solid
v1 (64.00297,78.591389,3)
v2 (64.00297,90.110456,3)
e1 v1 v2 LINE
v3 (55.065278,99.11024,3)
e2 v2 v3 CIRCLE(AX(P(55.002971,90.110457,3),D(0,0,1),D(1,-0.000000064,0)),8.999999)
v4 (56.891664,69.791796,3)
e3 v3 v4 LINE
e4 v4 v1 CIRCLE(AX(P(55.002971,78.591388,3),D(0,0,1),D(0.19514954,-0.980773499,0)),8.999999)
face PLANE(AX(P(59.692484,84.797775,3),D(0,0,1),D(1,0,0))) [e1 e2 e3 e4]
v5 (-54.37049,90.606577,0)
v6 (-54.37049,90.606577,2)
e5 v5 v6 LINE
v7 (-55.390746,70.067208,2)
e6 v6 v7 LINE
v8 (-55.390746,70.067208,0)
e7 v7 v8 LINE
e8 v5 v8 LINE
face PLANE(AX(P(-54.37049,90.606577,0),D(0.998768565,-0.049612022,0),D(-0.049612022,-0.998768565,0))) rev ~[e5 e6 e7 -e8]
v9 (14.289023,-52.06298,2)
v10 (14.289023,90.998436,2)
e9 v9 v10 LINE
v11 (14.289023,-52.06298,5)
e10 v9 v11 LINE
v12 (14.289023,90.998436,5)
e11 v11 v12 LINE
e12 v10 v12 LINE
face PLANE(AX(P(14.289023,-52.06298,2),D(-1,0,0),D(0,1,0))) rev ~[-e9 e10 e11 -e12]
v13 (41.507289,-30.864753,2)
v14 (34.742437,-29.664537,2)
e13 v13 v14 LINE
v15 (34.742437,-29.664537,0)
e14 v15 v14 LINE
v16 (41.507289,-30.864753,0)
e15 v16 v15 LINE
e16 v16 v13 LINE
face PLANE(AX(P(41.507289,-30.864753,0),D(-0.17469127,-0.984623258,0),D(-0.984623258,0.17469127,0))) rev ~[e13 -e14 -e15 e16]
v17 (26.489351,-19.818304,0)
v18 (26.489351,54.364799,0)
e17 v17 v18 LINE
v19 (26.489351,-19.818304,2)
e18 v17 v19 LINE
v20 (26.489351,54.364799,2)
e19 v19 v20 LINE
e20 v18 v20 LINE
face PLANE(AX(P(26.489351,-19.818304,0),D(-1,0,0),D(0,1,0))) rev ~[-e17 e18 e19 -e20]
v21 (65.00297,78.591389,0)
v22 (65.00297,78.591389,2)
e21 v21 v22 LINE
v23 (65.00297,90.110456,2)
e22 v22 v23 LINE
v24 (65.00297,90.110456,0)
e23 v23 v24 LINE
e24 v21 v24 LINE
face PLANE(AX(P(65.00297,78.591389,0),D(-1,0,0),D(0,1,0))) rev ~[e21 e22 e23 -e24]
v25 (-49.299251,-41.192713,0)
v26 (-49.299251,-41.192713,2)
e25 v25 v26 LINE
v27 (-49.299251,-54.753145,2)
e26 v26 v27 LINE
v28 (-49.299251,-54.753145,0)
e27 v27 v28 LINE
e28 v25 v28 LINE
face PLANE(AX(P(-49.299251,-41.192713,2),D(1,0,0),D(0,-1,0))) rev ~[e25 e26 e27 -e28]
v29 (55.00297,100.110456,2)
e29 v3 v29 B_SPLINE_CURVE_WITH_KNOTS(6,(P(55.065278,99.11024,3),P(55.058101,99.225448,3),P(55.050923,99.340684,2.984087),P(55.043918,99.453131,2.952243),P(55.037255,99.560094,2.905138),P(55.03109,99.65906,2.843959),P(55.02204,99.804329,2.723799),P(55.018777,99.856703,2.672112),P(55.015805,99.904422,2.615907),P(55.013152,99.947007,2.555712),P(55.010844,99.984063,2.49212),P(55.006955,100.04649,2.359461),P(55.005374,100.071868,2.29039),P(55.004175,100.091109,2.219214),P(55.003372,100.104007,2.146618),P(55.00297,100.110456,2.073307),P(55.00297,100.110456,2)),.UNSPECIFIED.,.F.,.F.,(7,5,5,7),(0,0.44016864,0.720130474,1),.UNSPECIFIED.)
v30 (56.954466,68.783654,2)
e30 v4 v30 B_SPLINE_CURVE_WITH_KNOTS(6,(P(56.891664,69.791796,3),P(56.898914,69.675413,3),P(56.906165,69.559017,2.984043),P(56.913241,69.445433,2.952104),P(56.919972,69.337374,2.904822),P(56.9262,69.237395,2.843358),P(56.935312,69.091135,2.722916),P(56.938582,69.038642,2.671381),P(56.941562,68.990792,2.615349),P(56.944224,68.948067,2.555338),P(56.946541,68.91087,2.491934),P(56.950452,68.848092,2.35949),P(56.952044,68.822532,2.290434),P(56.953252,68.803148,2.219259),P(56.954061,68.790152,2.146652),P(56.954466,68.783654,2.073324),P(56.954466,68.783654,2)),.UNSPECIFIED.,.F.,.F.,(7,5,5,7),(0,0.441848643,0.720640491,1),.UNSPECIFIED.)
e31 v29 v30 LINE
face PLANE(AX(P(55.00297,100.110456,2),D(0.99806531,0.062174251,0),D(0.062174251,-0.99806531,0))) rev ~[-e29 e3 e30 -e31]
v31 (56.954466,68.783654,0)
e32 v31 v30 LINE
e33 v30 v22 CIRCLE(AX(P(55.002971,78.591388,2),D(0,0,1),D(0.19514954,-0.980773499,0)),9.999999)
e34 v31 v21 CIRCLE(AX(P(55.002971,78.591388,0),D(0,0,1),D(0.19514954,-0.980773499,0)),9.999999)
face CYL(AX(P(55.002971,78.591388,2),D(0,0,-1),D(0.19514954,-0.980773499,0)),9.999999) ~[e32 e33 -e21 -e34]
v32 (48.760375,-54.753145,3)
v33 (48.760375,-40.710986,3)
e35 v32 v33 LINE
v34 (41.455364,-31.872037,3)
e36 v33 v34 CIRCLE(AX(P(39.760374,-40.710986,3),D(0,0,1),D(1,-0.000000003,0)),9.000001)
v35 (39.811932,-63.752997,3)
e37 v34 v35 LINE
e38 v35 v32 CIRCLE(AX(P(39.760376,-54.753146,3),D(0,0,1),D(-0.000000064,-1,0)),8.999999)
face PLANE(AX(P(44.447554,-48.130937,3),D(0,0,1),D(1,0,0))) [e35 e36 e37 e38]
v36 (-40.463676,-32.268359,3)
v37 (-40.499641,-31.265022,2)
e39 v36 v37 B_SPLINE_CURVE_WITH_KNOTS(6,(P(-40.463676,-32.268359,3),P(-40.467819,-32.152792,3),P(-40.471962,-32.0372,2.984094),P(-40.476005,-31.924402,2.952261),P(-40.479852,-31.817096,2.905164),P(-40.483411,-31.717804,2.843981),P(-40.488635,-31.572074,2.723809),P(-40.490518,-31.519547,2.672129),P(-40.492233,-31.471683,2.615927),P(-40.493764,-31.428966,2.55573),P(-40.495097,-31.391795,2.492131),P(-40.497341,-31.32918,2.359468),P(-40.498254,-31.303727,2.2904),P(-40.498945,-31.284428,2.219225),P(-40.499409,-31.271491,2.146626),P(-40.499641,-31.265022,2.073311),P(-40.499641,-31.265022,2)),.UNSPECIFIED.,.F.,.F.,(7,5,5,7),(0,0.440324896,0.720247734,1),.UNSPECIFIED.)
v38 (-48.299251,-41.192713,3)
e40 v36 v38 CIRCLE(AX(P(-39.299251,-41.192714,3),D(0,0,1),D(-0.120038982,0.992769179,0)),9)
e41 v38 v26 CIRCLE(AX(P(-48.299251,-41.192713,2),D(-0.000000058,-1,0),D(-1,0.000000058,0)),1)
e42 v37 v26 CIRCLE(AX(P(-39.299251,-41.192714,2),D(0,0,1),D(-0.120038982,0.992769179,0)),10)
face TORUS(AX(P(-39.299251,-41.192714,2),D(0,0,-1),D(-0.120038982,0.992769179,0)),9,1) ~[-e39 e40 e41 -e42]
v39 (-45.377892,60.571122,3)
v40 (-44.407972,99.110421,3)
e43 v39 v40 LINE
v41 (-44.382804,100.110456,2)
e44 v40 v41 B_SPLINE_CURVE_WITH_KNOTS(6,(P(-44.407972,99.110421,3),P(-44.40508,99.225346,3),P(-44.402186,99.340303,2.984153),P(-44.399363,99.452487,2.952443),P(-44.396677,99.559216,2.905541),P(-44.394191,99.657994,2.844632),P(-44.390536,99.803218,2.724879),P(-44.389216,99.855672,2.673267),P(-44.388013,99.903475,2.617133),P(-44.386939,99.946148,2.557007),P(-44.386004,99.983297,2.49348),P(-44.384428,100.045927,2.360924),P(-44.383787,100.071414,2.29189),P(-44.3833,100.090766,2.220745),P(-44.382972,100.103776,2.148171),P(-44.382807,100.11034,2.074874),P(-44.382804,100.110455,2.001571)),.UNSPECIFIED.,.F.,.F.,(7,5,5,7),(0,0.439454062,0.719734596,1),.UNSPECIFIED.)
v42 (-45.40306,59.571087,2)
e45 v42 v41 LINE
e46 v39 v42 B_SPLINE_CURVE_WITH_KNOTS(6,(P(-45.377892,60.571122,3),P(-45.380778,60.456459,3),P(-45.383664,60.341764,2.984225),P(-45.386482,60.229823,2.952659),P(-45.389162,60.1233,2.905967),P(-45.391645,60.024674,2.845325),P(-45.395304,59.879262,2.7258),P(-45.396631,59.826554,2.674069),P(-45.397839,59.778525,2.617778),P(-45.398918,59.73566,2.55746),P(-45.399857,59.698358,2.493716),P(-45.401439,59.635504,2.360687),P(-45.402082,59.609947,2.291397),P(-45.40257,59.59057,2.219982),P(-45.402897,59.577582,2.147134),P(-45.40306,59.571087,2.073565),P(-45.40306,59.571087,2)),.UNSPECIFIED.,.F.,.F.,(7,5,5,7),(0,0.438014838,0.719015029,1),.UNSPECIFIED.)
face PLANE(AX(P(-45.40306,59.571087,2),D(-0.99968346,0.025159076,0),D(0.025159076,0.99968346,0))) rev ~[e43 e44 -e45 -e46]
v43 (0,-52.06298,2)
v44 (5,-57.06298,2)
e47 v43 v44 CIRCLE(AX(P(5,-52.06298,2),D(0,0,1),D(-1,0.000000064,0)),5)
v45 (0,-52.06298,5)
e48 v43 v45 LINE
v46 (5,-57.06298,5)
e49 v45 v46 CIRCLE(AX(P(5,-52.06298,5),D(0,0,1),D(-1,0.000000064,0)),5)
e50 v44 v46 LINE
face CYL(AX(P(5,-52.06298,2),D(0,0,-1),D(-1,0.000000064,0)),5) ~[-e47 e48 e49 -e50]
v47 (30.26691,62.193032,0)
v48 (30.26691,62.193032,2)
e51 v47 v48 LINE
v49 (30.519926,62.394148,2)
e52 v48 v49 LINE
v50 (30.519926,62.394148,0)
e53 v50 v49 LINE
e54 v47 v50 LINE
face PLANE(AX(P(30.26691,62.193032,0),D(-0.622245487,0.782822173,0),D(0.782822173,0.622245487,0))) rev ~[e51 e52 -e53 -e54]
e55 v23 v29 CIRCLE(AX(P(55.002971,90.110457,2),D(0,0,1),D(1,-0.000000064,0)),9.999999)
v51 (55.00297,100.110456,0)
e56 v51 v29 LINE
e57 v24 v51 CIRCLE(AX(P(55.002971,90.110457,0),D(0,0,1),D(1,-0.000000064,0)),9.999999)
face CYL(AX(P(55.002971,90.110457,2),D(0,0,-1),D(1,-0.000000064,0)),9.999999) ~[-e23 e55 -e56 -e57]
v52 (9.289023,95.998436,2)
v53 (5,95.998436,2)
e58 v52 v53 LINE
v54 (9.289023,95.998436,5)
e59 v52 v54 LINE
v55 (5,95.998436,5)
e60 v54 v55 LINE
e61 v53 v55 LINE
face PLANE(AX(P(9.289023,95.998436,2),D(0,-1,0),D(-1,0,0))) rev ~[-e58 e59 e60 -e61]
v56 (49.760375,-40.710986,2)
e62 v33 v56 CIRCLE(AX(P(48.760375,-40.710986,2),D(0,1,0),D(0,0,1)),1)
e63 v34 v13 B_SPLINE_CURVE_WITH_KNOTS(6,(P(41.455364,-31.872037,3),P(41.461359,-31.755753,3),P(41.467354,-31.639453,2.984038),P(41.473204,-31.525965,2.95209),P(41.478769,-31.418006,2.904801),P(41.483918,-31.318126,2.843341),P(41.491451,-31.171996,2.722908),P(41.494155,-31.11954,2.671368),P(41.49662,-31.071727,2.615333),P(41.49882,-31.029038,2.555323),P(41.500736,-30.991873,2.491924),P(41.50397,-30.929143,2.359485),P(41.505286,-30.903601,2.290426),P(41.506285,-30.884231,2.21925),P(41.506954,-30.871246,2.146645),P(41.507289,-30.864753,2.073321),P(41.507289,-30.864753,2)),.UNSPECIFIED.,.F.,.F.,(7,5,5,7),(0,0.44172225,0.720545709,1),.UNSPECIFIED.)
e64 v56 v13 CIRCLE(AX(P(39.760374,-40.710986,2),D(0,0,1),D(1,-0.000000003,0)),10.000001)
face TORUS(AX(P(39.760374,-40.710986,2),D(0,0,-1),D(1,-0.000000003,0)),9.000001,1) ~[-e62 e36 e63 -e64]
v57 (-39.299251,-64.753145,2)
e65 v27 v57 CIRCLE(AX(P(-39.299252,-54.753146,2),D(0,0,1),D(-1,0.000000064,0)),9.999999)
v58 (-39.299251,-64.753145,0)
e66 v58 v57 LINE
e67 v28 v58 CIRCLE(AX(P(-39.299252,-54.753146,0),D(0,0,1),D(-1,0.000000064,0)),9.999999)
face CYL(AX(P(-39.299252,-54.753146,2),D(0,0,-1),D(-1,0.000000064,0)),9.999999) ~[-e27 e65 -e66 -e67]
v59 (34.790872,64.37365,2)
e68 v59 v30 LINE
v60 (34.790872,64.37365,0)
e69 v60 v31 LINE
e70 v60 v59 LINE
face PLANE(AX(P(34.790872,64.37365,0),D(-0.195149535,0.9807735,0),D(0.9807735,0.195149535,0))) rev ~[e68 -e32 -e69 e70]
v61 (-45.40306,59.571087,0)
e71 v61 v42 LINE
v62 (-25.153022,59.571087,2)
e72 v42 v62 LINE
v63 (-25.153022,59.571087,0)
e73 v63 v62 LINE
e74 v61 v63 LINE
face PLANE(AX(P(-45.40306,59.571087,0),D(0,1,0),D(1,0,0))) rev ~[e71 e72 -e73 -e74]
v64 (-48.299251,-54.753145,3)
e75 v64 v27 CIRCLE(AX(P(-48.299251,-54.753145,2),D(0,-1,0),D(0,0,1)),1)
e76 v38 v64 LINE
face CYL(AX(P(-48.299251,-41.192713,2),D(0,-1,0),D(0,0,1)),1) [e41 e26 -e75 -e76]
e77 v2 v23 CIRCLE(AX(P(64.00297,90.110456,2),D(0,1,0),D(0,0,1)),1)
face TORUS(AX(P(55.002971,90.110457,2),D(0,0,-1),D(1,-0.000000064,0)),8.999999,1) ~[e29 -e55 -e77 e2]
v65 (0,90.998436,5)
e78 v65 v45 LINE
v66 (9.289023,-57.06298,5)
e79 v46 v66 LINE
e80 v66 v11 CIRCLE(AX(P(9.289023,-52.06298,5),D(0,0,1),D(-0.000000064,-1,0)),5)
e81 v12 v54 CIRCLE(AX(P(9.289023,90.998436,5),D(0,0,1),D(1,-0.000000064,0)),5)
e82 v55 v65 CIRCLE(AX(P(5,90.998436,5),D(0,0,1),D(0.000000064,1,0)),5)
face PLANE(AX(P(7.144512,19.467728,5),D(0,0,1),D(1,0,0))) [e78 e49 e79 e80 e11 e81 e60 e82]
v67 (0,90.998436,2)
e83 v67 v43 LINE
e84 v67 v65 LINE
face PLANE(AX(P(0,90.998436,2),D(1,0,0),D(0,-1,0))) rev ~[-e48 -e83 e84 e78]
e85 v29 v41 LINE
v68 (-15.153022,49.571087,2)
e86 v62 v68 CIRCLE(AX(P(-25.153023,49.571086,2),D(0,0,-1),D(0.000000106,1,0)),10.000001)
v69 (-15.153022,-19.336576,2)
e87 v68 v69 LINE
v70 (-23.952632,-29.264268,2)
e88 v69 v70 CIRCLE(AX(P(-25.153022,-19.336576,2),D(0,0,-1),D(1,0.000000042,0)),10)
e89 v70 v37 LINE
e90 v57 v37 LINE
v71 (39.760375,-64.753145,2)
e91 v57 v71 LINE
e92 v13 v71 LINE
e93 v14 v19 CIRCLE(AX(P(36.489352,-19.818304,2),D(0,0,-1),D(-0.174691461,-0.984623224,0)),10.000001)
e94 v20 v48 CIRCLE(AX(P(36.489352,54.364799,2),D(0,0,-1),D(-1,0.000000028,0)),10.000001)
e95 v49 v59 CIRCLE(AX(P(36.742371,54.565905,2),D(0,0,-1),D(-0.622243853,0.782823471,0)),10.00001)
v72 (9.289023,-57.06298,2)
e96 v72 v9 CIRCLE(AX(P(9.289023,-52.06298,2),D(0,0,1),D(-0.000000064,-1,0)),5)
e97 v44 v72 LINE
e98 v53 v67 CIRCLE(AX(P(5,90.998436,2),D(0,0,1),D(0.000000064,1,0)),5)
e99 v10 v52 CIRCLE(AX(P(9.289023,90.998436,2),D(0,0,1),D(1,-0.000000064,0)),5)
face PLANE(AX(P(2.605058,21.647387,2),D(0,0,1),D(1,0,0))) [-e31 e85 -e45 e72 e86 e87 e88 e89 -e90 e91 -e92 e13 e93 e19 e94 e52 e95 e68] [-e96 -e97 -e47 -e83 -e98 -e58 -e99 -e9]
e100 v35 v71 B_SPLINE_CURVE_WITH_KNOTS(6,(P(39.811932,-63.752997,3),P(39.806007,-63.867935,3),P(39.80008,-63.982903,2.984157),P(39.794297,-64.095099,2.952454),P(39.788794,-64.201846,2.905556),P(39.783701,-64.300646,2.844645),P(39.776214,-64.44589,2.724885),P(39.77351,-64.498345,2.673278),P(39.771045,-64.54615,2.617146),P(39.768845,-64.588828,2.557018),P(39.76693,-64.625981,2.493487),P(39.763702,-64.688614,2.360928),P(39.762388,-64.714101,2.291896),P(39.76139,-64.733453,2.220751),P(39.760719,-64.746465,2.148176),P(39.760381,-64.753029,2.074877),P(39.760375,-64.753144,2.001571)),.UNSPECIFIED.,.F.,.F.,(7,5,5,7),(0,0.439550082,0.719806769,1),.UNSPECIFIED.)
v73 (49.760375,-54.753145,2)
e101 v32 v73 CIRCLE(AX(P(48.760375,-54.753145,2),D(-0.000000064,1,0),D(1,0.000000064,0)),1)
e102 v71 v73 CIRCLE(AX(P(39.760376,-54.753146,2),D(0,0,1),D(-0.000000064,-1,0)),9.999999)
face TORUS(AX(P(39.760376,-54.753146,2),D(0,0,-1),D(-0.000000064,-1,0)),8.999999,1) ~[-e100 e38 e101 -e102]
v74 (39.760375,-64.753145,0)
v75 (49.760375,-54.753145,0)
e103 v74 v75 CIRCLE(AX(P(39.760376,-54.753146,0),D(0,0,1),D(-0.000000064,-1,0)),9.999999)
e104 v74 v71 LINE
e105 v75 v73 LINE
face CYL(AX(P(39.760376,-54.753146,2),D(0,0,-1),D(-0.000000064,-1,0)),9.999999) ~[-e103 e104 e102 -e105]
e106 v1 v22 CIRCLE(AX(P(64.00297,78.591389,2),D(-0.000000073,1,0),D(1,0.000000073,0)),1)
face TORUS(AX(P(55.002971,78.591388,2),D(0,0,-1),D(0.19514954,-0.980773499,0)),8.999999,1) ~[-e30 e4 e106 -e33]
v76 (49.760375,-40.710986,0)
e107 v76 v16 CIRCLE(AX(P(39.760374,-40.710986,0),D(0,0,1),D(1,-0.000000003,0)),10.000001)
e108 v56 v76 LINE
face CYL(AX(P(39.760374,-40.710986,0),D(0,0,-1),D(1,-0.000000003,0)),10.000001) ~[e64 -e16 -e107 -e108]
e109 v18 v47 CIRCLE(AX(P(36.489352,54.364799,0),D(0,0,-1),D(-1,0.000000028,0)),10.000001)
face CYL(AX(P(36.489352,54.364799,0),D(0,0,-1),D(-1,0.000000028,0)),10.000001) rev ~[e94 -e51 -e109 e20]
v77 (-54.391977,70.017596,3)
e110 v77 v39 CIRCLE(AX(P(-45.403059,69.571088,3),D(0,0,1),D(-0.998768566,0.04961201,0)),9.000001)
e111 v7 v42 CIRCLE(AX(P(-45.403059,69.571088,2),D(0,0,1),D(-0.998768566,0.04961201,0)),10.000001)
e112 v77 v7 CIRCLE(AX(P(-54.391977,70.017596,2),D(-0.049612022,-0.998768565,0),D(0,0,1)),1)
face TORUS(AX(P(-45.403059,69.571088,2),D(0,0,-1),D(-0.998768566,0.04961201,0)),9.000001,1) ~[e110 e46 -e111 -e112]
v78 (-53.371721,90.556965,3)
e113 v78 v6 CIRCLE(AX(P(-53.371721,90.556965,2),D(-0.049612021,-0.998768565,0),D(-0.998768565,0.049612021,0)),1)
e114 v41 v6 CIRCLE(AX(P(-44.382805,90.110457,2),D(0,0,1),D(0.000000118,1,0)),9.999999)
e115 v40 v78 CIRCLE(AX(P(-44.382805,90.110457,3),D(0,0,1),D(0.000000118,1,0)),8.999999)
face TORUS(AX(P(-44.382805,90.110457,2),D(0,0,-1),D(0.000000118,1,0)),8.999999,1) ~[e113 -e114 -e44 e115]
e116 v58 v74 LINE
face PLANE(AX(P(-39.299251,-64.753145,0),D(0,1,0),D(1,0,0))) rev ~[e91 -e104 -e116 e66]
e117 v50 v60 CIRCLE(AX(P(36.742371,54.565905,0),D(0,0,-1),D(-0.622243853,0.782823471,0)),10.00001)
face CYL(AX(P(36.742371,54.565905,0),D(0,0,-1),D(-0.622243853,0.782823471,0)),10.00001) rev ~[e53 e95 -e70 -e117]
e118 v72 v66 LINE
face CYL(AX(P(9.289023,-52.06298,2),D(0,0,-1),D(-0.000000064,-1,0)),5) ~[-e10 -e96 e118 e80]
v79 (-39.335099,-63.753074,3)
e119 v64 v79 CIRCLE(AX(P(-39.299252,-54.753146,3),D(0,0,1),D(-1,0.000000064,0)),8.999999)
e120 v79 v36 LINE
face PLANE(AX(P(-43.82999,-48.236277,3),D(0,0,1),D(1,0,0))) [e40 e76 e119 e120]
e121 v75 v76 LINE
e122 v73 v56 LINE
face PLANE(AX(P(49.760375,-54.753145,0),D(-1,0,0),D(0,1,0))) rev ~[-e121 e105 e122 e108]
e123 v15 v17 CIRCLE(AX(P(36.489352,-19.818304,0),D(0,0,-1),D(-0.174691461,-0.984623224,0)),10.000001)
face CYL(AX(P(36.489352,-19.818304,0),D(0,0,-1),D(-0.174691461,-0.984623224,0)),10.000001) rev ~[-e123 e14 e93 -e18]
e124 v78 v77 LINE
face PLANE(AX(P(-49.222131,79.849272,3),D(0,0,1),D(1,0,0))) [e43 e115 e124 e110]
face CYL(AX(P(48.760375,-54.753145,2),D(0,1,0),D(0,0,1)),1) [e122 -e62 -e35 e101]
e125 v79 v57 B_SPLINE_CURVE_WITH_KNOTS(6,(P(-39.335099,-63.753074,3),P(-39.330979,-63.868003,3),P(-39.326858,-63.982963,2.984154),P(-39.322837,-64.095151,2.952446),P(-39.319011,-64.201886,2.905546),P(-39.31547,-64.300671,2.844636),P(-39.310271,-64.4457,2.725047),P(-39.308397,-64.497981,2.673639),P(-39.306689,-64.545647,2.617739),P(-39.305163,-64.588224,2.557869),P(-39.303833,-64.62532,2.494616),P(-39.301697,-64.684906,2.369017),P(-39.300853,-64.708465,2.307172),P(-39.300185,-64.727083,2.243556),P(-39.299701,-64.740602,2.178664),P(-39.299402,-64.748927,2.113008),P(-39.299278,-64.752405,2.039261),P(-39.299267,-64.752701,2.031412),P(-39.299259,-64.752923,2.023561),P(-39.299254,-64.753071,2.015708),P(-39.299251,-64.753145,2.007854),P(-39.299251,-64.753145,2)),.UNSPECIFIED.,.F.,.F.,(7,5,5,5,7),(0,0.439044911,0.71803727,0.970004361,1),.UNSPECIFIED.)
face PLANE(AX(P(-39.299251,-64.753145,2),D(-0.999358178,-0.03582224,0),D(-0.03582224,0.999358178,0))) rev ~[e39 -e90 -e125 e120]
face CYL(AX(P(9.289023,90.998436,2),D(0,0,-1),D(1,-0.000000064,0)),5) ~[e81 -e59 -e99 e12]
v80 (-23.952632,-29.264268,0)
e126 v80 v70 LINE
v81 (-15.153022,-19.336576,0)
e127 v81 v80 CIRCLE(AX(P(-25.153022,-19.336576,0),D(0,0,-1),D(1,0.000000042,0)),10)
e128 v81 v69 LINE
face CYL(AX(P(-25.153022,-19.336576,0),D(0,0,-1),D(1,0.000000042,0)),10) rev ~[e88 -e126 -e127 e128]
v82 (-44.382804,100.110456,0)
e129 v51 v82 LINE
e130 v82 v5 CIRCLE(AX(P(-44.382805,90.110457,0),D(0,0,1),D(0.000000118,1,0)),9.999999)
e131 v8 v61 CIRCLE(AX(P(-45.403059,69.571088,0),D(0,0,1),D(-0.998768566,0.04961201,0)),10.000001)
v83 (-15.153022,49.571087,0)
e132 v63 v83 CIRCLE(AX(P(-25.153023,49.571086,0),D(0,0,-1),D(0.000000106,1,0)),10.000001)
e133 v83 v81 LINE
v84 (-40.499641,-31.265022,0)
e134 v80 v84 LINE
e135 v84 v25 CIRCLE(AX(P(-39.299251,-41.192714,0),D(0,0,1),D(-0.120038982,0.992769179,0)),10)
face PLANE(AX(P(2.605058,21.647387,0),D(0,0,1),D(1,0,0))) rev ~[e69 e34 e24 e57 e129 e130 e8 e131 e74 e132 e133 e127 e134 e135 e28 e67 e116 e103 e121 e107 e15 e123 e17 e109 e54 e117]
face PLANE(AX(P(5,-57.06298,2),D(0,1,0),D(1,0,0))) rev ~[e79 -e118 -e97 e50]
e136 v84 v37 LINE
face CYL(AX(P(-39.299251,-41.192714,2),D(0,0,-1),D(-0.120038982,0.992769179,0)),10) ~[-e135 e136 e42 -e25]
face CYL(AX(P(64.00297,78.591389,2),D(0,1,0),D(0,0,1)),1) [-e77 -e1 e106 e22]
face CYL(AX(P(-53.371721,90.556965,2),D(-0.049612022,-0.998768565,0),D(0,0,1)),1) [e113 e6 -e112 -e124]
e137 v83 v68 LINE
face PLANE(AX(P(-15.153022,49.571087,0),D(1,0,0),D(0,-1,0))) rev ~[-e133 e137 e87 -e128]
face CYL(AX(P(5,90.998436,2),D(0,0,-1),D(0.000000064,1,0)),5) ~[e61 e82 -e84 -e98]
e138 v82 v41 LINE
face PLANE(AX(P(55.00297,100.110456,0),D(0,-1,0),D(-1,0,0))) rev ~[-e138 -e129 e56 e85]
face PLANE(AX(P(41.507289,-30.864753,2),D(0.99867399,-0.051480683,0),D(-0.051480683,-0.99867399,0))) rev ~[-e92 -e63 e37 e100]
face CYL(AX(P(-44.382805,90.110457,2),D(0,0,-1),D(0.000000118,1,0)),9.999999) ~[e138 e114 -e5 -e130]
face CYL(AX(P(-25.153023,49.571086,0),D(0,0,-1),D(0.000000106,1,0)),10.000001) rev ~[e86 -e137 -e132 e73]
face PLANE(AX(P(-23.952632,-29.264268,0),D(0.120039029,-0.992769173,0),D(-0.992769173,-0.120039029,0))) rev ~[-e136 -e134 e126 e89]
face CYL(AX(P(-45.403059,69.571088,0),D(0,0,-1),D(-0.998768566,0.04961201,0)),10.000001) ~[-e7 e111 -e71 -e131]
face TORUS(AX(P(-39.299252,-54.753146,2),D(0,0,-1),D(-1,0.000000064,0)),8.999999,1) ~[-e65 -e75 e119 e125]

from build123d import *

# Parameters (mm, degrees)
F1_DEPTH = 2
F3_DEPTH = 3
F5_DEPTH = 1
F6_R     = 1


with BuildPart() as f1:
    # F0 (on Top) → F1 (new body)
    with BuildSketch(Plane.XY):
        with BuildLine():
            Line((55.00297, 100.110456), (-44.382804, 100.110456))
            ThreePointArc((-44.382804, 100.110456), (-51.276236, 97.354806), (-54.37049, 90.606577))
            Line((-54.37049, 90.606577), (-55.390746, 70.067208))
            ThreePointArc((-55.390746, 70.067208), (-52.64741, 62.677656), (-45.40306, 59.571087))
            Line((-45.40306, 59.571087), (-25.153022, 59.571087))
            ThreePointArc((-25.153022, 59.571087), (-18.081955, 56.642155), (-15.153022, 49.571087))
            Line((-15.153022, 49.571087), (-15.153022, -19.336576))
            ThreePointArc((-15.153022, -19.336576), (-17.669577, -25.969679), (-23.952632, -29.264268))
            Line((-23.952632, -29.264268), (-40.499641, -31.265022))
            ThreePointArc((-40.499641, -31.265022), (-46.782696, -34.559611), (-49.299251, -41.192713))
            Line((-49.299251, -41.192713), (-49.299251, -54.753145))
            ThreePointArc((-49.299251, -54.753145), (-46.370319, -61.824213), (-39.299251, -64.753145))
            Line((-39.299251, -64.753145), (39.760375, -64.753145))
            ThreePointArc((39.760375, -64.753145), (46.831443, -61.824213), (49.760375, -54.753145))
            Line((49.760375, -54.753145), (49.760375, -40.710986))
            ThreePointArc((49.760375, -40.710986), (47.424223, -34.287168), (41.507289, -30.864753))
            Line((41.507289, -30.864753), (34.742437, -29.664537))
            ThreePointArc((34.742437, -29.664537), (28.825503, -26.242122), (26.489351, -19.818304))
            Line((26.489351, -19.818304), (26.489351, 54.364799))
            ThreePointArc((26.489351, 54.364799), (27.48312, 58.710809), (30.26691, 62.193032))
            Line((30.26691, 62.193032), (30.519926, 62.394148))
            ThreePointArc((30.519926, 62.394148), (32.537261, 63.638791), (34.790872, 64.37365))
            Line((34.790872, 64.37365), (56.954466, 68.783654))
            ThreePointArc((56.954466, 68.783654), (62.733266, 72.247689), (65.00297, 78.591389))
            Line((65.00297, 78.591389), (65.00297, 90.110456))
            ThreePointArc((65.00297, 90.110456), (62.074038, 97.181524), (55.00297, 100.110456))
        make_face()
    extrude(amount=F1_DEPTH)

    # F2 (on face) → F3 (join)
    with BuildSketch(Plane.XY.offset(2)):
        with BuildLine():
            ThreePointArc((5, 95.998436), (1.464466, 94.53397), (0, 90.998436))
            Line((0, 90.998436), (0, -52.06298))
            ThreePointArc((0, -52.06298), (1.464466, -55.598514), (5, -57.06298))
            Line((5, -57.06298), (9.289023, -57.06298))
            ThreePointArc((9.289023, -57.06298), (12.824557, -55.598514), (14.289023, -52.06298))
            Line((14.289023, -52.06298), (14.289023, 90.998436))
            ThreePointArc((14.289023, 90.998436), (12.824557, 94.53397), (9.289023, 95.998436))
            Line((9.289023, 95.998436), (5, 95.998436))
        make_face()
    extrude(amount=F3_DEPTH)

    # F4 (on face) → F5 (join)
    with BuildSketch(Plane.XY.offset(2)):
        with BuildLine():
            Line((-39.299251, -64.753145), (-40.499641, -31.265022))
            ThreePointArc((-40.499641, -31.265022), (-46.782696, -34.559611), (-49.299251, -41.192713))
            Line((-49.299251, -41.192713), (-49.299251, -54.753145))
            ThreePointArc((-49.299251, -54.753145), (-46.370319, -61.824213), (-39.299251, -64.753145))
        make_face()
        with BuildLine():
            Line((41.507289, -30.864753), (39.760375, -64.753145))
            ThreePointArc((39.760375, -64.753145), (46.831443, -61.824213), (49.760375, -54.753145))
            Line((49.760375, -54.753145), (49.760375, -40.710986))
            ThreePointArc((49.760375, -40.710986), (47.424223, -34.287168), (41.507289, -30.864753))
        make_face()
        with BuildLine():
            Line((-45.40306, 59.571087), (-44.382804, 100.110456))
            ThreePointArc((-44.382804, 100.110456), (-51.276236, 97.354806), (-54.37049, 90.606577))
            Line((-54.37049, 90.606577), (-55.390746, 70.067208))
            ThreePointArc((-55.390746, 70.067208), (-52.64741, 62.677656), (-45.40306, 59.571087))
        make_face()
        with BuildLine():
            ThreePointArc((65.00297, 90.110456), (62.074038, 97.181524), (55.00297, 100.110456))
            Line((55.00297, 100.110456), (56.954466, 68.783654))
            ThreePointArc((56.954466, 68.783654), (62.733266, 72.247689), (65.00297, 78.591389))
            Line((65.00297, 78.591389), (65.00297, 90.110456))
        make_face()
    extrude(amount=F5_DEPTH)

    # F6
    f6_edges = [f1.edges().sort_by_distance(p)[0] for p in [
        (46.831443, -61.824213, 3),
        (49.760375, -47.732065, 3),
        (47.424223, -34.287168, 3),
        (-49.299251, -47.972929, 3),
        (-46.782696, -34.559611, 3),
        (-54.880618, 80.336892, 3),
        (65.00297, 84.350923, 3),
    ]]
    fillet(f6_edges, radius=F6_R)


solid = f1.part
